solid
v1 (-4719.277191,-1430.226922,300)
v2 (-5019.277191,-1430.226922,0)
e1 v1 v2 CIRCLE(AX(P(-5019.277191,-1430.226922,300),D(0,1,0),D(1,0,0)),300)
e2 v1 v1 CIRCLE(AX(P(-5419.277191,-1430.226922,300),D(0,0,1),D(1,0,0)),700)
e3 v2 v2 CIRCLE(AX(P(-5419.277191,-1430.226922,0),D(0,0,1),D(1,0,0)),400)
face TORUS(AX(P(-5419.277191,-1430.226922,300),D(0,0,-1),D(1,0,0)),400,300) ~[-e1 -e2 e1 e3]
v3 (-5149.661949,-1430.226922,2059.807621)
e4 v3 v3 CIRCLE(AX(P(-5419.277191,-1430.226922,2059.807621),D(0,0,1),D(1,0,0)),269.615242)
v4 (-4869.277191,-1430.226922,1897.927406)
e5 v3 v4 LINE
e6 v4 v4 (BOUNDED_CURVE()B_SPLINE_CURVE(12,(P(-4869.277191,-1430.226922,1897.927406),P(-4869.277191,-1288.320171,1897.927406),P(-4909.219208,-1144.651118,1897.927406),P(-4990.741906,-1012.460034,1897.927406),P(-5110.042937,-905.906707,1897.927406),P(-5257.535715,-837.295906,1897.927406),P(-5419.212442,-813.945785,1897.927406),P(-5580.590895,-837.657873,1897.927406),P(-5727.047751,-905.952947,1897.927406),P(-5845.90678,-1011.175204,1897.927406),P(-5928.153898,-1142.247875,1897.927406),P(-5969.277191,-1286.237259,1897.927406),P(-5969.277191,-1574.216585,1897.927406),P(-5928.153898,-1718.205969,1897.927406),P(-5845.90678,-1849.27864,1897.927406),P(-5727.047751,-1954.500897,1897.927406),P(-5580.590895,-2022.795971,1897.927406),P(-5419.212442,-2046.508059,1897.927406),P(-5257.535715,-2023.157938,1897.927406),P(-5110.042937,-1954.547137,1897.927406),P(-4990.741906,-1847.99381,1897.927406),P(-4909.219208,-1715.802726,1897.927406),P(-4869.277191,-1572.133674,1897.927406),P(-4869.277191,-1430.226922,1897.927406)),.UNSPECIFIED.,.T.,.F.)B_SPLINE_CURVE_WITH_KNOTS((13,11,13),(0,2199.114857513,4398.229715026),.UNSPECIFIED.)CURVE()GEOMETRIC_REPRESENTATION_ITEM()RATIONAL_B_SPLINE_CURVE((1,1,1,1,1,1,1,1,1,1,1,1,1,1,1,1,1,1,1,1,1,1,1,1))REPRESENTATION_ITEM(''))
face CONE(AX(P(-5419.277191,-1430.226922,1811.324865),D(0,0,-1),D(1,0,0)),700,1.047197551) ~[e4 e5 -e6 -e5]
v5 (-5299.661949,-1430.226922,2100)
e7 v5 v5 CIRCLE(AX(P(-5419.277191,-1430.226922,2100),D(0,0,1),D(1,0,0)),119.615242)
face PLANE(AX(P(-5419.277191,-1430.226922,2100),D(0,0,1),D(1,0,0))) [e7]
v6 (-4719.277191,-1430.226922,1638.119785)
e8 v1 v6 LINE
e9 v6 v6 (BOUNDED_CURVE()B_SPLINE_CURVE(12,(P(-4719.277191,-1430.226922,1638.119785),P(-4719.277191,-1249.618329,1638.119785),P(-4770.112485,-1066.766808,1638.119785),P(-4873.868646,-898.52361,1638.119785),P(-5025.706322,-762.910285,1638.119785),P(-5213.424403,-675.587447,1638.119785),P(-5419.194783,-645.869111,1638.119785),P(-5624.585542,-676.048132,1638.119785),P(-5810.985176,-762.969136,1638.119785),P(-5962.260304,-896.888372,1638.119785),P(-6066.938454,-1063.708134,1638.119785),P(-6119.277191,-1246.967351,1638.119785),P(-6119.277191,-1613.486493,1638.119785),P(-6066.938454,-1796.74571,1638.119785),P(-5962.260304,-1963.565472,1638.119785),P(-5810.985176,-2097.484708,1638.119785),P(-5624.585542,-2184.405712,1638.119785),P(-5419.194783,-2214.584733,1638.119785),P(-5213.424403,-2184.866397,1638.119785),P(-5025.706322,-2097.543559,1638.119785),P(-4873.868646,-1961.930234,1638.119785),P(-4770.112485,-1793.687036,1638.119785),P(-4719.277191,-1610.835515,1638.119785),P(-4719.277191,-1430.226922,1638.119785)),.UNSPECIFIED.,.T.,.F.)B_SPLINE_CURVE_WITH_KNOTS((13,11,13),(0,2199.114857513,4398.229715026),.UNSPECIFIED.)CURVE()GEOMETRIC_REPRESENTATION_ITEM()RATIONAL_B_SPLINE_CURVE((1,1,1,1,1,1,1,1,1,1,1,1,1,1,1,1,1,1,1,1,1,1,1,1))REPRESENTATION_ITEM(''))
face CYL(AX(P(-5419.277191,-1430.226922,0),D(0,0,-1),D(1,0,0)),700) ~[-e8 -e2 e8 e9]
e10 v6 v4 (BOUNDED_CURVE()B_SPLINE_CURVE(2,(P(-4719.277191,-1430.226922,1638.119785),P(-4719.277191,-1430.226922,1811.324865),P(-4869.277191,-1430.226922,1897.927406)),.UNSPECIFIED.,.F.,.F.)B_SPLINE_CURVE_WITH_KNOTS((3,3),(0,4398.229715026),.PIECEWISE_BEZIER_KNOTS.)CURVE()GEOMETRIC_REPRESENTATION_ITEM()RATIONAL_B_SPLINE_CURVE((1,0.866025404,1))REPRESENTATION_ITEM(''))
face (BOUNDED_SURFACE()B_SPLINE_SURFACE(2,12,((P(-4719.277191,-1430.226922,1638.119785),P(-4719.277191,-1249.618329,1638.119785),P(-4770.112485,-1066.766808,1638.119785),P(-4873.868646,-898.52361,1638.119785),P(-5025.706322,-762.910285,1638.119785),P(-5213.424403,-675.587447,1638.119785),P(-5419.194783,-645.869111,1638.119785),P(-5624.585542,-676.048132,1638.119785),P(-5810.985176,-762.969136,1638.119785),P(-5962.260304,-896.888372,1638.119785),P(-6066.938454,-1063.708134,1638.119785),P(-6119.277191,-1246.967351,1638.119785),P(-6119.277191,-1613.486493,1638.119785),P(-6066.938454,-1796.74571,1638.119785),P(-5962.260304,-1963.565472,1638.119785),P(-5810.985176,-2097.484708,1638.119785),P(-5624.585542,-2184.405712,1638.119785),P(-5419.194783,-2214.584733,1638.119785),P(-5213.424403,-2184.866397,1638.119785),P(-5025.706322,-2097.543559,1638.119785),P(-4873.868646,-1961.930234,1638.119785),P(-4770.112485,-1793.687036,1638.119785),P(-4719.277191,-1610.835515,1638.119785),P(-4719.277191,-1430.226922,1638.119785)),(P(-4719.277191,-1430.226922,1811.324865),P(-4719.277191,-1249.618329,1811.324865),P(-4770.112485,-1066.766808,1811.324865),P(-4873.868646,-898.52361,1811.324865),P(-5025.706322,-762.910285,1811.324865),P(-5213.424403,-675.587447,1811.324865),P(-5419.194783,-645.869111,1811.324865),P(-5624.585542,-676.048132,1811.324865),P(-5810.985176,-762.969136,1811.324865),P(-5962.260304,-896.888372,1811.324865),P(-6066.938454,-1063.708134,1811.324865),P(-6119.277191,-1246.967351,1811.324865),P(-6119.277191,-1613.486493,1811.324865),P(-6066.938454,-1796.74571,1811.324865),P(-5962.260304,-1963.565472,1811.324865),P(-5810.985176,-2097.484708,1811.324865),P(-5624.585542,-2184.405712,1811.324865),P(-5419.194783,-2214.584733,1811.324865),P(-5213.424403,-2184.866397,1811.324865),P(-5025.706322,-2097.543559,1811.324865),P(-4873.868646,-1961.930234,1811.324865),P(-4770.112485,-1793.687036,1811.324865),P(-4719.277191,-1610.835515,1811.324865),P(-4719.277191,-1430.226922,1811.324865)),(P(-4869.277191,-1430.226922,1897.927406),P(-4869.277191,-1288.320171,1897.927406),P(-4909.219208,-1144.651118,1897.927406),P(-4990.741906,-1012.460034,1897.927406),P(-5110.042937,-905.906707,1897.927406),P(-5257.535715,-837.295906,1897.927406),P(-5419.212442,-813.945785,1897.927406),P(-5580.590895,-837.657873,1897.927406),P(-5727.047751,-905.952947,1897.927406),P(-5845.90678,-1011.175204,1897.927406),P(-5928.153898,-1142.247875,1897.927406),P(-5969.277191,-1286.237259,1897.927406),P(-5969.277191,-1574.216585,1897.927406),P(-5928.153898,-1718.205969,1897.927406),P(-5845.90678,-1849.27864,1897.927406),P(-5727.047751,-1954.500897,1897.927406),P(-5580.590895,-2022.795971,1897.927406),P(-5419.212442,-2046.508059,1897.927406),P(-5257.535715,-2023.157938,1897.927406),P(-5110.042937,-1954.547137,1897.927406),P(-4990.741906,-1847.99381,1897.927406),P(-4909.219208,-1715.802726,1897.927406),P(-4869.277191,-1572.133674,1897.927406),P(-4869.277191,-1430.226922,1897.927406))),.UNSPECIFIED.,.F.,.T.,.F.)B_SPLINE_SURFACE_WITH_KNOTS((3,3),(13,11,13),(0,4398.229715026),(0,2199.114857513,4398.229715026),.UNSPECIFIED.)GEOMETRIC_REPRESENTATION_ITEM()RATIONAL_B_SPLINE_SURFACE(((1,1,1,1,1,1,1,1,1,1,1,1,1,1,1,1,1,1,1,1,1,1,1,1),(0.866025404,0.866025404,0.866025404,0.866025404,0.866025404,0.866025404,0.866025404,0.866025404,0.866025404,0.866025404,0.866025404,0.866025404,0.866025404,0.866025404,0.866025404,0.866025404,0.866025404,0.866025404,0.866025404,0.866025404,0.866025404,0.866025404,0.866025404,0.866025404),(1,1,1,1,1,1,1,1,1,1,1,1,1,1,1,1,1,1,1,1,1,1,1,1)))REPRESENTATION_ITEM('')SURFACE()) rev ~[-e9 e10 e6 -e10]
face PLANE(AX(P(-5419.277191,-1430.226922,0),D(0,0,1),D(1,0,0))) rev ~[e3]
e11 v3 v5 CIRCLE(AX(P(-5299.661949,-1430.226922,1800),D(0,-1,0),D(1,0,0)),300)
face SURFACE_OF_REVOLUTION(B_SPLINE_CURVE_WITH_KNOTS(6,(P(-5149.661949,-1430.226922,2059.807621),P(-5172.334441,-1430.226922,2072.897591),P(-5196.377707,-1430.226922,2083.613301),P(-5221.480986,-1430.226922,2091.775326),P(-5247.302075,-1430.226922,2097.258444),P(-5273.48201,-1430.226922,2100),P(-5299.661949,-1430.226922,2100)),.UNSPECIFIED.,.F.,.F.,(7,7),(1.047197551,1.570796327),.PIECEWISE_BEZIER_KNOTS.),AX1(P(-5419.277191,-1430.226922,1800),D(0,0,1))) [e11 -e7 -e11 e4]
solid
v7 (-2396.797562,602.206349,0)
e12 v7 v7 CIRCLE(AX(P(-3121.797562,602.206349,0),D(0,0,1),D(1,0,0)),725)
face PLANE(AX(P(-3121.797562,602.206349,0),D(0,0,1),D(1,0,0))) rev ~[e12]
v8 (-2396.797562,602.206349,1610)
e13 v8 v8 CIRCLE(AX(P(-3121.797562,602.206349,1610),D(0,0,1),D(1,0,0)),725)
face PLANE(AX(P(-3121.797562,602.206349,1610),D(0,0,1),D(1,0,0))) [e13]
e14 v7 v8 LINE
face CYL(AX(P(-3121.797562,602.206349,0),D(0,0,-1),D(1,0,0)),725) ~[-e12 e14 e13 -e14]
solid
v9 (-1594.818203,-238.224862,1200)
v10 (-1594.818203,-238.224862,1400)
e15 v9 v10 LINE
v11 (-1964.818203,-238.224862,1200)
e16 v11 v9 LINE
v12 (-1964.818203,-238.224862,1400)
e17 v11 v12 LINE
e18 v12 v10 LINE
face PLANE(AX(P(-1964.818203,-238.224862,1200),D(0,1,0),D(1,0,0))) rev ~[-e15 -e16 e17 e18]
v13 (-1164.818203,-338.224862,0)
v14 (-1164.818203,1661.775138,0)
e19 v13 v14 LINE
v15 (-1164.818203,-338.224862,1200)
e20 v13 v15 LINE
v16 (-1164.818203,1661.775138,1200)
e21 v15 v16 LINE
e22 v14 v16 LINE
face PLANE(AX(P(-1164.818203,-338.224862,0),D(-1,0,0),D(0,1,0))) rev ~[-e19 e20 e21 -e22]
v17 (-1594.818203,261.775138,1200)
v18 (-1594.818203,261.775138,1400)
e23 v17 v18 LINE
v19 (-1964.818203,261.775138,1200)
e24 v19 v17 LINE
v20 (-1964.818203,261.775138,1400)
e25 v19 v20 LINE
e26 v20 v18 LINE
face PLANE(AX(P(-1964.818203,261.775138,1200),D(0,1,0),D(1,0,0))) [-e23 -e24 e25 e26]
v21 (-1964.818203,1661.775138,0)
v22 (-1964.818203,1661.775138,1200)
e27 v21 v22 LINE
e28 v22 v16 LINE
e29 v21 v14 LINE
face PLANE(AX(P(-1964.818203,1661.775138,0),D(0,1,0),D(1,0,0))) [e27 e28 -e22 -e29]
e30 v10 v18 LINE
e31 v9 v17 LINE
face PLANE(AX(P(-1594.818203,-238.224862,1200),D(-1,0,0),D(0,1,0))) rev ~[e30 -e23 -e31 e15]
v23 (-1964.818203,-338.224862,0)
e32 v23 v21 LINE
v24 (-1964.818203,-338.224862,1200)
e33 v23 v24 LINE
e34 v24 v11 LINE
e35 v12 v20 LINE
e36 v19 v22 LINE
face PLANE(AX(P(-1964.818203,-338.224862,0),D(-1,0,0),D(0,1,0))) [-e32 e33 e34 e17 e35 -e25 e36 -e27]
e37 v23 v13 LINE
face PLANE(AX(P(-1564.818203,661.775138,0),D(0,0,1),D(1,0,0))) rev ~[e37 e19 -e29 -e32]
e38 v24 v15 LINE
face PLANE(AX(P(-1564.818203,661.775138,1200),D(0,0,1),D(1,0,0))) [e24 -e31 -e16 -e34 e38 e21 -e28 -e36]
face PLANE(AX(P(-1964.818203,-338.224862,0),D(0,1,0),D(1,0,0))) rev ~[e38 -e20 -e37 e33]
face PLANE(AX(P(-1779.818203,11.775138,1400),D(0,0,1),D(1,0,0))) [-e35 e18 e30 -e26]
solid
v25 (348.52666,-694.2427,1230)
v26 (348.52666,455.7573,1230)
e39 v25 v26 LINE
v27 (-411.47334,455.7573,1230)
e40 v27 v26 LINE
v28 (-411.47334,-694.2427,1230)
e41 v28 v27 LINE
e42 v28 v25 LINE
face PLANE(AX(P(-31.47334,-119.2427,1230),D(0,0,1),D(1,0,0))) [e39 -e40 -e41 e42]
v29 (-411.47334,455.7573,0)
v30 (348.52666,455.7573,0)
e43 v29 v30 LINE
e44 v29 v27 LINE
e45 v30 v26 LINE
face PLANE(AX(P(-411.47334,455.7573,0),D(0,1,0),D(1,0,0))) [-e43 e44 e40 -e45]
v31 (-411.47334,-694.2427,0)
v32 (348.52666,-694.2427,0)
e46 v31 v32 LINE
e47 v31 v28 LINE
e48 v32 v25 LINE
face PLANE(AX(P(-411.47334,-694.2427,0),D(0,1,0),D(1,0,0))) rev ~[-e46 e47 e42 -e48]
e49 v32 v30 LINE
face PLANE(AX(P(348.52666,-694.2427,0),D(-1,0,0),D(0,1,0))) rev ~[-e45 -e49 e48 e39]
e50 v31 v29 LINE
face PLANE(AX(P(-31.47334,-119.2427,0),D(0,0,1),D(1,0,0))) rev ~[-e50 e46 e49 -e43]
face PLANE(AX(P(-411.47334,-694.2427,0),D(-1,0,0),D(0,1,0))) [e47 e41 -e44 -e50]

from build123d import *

# Parameters (mm, degrees)
F0_W      = 760
F0_H      = 1150
F1_DEPTH  = 1230
F2_R      = 725
F3_DEPTH  = 1610
F4_W      = 800
F4_H      = 2000
F5_DEPTH  = 1200
F6_W      = 370
F6_H      = 500
F7_DEPTH  = 200
F8_R      = 700
F9_DEPTH  = 2100
F10_R     = 300
F11_SIZE2 = 288.6751345948
F11_SIZE  = 500
F12_R     = 300


with BuildPart() as f1:
    # F0 (on Top) → F1 (new body)
    with BuildSketch(Plane.XY):
        with Locations((-31.4733404666, -119.2426998605)):
            Rectangle(F0_W, F0_H)
    extrude(amount=F1_DEPTH)


with BuildPart() as f3:
    # F2 (on Top) → F3 (new body)
    with BuildSketch(Plane.XY):
        with Locations((-3121.7975616455, 602.2063493729)):
            Circle(F2_R)
    extrude(amount=F3_DEPTH)


with BuildPart() as f5:
    # F4 (on Top) → F5 (new body)
    with BuildSketch(Plane.XY):
        with Locations((-1564.8182034492, 661.7751377383)):
            Rectangle(F4_W, F4_H)
    extrude(amount=F5_DEPTH)

    # F6 (on face) → F7 (join)
    with BuildSketch(Plane.XY.offset(1200)):
        with Locations((-1779.8182034492, 11.7751377383)):
            Rectangle(F6_W, F6_H)
    extrude(amount=F7_DEPTH)


with BuildPart() as f9:
    # F8 (on Top) → F9 (new body)
    with BuildSketch(Plane.XY):
        with Locations((-5419.2771911621, -1430.2269220352)):
            Circle(F8_R)
    extrude(amount=F9_DEPTH)

    # F10
    f10_edges = [f9.edges().sort_by_distance(p)[0] for p in [
        (-6119.277191, -1430.226922, 0),
    ]]
    fillet(f10_edges, radius=F10_R)

    # F11
    f11_edges = [f9.edges().sort_by_distance(p)[0] for p in [
        (-6119.277191, -1430.226922, 2100),
    ]]
    f11_side = f9.faces().sort_by_distance((-5419.277191, -1430.226922, 2100))[0]
    chamfer(f11_edges, length=F11_SIZE, length2=F11_SIZE2, reference=f11_side)

    # F12
    f12_edges = [f9.edges().sort_by_distance(p)[0] for p in [
        (-6119.277191, -1430.226922, 1811.324865),
        (-5619.277191, -1430.226922, 2100),
    ]]
    fillet(f12_edges, radius=F12_R)


solid = Compound([f1.part, f3.part, f5.part, f9.part])
